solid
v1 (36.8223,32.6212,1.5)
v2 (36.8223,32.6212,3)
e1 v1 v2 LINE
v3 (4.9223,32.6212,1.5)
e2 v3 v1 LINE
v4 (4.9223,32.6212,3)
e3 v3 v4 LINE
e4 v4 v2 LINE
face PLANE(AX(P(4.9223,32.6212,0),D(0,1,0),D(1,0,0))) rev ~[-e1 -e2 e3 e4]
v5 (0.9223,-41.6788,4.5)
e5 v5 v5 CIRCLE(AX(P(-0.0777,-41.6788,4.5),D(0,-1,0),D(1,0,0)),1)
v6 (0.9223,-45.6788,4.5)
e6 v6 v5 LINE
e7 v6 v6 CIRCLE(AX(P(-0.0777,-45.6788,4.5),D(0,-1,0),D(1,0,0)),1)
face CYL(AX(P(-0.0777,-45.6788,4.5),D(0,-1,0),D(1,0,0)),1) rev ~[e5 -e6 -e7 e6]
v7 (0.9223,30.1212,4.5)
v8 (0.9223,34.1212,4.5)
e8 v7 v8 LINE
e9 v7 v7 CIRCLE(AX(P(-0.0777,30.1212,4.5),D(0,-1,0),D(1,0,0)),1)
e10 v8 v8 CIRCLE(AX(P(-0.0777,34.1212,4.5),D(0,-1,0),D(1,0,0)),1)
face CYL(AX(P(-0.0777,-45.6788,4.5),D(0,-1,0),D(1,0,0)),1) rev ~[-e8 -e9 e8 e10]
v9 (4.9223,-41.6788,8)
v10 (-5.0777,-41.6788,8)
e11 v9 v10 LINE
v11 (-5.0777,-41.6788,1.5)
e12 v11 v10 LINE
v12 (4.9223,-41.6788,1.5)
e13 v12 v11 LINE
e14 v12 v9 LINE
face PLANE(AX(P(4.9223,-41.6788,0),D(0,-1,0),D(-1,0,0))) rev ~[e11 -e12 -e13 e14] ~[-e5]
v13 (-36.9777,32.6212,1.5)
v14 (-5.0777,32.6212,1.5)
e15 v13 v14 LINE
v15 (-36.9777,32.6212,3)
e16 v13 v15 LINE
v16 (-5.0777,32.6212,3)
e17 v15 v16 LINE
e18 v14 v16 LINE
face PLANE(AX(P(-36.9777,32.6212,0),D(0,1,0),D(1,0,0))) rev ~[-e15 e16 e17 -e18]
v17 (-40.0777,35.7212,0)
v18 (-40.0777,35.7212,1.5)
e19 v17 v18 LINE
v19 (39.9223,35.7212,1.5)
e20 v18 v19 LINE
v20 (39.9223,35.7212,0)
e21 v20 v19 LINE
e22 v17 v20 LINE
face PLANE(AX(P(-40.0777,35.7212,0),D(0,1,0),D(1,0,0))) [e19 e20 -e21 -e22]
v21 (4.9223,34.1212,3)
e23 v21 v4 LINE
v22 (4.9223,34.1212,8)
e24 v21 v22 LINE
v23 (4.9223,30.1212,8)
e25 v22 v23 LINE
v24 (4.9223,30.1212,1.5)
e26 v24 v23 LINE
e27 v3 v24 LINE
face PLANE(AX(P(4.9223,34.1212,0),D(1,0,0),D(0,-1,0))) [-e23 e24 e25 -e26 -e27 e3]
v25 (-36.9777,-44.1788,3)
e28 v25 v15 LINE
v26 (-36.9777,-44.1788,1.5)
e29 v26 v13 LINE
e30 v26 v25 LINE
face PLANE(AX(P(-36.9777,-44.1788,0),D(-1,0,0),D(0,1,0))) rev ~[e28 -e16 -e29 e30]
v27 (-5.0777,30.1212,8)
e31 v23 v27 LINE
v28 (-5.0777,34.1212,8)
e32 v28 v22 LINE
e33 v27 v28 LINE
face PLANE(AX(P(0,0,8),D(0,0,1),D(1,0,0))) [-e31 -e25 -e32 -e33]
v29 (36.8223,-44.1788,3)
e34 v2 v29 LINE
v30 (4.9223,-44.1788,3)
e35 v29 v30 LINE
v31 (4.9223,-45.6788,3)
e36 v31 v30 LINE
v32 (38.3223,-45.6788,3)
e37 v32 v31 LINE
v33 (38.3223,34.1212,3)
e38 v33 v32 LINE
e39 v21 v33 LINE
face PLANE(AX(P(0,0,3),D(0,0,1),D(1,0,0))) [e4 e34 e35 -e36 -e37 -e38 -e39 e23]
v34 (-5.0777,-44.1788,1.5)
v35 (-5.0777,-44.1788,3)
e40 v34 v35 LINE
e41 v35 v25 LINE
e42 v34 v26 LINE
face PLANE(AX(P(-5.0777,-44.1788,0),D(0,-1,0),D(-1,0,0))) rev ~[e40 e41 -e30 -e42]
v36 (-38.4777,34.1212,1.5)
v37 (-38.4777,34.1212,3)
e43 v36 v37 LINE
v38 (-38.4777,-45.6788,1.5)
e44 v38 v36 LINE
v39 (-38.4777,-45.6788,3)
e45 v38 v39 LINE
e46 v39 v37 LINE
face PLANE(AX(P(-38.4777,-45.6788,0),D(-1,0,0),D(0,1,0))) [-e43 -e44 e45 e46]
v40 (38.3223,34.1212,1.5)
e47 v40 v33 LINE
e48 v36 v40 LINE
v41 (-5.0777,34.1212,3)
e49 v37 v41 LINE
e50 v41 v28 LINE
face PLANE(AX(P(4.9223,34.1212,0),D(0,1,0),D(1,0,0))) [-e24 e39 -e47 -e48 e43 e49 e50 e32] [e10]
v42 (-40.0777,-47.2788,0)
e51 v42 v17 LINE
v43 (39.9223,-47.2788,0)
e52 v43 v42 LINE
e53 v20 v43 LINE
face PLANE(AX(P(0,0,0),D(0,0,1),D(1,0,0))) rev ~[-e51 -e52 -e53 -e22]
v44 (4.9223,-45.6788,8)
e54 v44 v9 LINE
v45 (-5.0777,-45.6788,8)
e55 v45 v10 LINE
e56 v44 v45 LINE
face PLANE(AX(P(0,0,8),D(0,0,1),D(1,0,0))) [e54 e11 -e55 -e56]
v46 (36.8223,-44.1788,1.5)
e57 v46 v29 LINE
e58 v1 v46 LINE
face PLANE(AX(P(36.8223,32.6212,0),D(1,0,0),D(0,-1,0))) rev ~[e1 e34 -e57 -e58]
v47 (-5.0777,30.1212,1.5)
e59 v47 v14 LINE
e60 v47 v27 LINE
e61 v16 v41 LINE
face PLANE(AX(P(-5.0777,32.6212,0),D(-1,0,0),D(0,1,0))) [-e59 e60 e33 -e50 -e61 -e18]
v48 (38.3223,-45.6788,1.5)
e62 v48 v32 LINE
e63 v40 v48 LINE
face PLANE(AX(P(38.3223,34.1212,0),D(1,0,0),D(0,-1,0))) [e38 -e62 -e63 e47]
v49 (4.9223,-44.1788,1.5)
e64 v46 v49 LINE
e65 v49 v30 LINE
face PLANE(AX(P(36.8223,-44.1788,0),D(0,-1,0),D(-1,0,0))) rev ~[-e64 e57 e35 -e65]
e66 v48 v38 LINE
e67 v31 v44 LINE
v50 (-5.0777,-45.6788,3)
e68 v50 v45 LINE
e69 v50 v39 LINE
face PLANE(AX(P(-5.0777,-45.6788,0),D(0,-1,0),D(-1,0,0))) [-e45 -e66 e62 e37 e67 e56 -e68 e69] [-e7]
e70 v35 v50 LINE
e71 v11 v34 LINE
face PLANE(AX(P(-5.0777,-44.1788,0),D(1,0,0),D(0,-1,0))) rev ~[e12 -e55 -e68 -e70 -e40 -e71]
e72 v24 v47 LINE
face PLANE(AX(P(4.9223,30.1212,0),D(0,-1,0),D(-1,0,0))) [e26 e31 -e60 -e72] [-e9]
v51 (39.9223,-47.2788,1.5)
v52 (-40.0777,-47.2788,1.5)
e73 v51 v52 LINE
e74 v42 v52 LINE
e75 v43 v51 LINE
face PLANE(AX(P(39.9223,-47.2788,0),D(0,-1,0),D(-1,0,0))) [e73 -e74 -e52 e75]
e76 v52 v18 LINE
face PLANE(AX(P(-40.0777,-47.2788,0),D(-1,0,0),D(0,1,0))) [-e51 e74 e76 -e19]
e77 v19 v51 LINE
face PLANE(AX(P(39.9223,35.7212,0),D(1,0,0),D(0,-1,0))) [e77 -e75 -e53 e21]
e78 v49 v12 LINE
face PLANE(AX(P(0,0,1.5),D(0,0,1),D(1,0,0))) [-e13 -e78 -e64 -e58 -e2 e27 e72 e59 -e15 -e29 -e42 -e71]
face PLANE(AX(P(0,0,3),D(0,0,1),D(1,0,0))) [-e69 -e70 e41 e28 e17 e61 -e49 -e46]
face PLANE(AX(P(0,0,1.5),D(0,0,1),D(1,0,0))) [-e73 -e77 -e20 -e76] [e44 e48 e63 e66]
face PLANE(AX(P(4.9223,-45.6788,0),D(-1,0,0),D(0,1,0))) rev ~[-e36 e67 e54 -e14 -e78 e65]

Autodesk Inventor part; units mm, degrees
ref_plane "YZ Plane" through (0, 0, 0) normal (1, 0, 0) x (0, 1, 0)
ref_plane "XZ Plane" through (0, 0, 0) normal (0, 1, 0) x (-1, 0, 0)
ref_plane "XY Plane" through (0, 0, 0) normal (0, 0, 1) x (1, 0, 0)
sketch "Skizze1" plane through (0, 0, 0) normal (0, 0, 1) x (1, 0, 0)
  line L0 (-40.0777, 35.7212) -> (39.9223, 35.7212)
  line L1 (39.9223, 35.7212) -> (39.9223, -47.2788)
  line L2 (39.9223, -47.2788) -> (-40.0777, -47.2788)
  line L3 (-40.0777, -47.2788) -> (-40.0777, 35.7212)
  line L4 (-38.4777, 34.1212) -> (38.3223, 34.1212)
  line L5 (38.3223, 34.1212) -> (38.3223, -45.6788)
  line L6 (38.3223, -45.6788) -> (-38.4777, -45.6788)
  line L7 (-38.4777, -45.6788) -> (-38.4777, 34.1212)
  line L8 (-36.9777, 32.6212) -> (36.8223, 32.6212)
  line L9 (36.8223, 32.6212) -> (36.8223, -44.1788)
  line L10 (36.8223, -44.1788) -> (-36.9777, -44.1788)
  line L11 (-36.9777, -44.1788) -> (-36.9777, 32.6212)
  line L12 (-5.0777, -45.6788) -> (4.9223, -45.6788)
  line L13 (4.9223, -45.6788) -> (4.9223, -41.6788)
  line L14 (4.9223, -41.6788) -> (-5.0777, -41.6788)
  line L15 (-5.0777, -41.6788) -> (-5.0777, -45.6788)
  line L16 (-5.0777, 34.1212) -> (4.9223, 34.1212)
  line L17 (4.9223, 34.1212) -> (4.9223, 30.1212)
  line L18 (4.9223, 30.1212) -> (-5.0777, 30.1212)
  line L19 (-5.0777, 30.1212) -> (-5.0777, 34.1212)
  point P0 (0, 0)
  point P1 (-0.0777, -41.6788)
  point P2 (-0.0777, 30.1212)
  point P3 (4.9223, 32.6212)
  point P4 (-5.0777, 32.6212)
  point P5 (-5.0777, -44.1788)
  point P6 (4.9223, -44.1788)
  dimension "d0" = 80
  dimension "d1" = 83
  dimension "d2" = 1.6
  dimension "d3" = 1.5
  dimension "d4" = 1.6
  dimension "d5" = 1.5
  dimension "d6" = 1.6
  dimension "d7" = 1.5
  dimension "d8" = 1.6
  dimension "d9" = 1.5
  dimension "d10" = 10
  dimension "d11" = 4
  dimension "d12" = 40
  dimension "d13" = 4
  dimension "d14" = 10
  dimension "d16" = 40
extrude "Extrusion1" add sketch "Skizze1" along normal blind 1.5 contours L0 L1 L2 L3 | L19 L18 L17 L8 L9 L10 L13 L14 L15 L11
extrude "Extrusion2" add sketch "Skizze1" along normal blind 3 contours L4 L19 L8 L11 L10 L15 L6 L7 | L4 L5 L6 L13 L10 L9 L8 L17
extrude "Extrusion3" add sketch "Skizze1" along normal blind 8 contours L4 L17 L8 L19 | L8 L17 L18 L19 | L15 L10 L13 L6 | L15 L14 L13 L10
sketch "Skizze2" plane through (-38.4777, -45.6788, 1.5) normal (0, -1, 0) x (1, 0, 0)
  circle A0 centre (38.4, 3) radius 1
  line L0 (-1.6, 0) -> (78.4, 0) projected
  line L1 (33.4, 1.5) -> (33.4, 6.5) projected
  point P0 (38.4777, -1.5)
  dimension "d23" = 2
  dimension "d24" = 3
  dimension "d25" = 5
extrude "Extrusion4" cut sketch "Skizze2" against normal through all
properties part number "Gyrosensor_Deckel"
